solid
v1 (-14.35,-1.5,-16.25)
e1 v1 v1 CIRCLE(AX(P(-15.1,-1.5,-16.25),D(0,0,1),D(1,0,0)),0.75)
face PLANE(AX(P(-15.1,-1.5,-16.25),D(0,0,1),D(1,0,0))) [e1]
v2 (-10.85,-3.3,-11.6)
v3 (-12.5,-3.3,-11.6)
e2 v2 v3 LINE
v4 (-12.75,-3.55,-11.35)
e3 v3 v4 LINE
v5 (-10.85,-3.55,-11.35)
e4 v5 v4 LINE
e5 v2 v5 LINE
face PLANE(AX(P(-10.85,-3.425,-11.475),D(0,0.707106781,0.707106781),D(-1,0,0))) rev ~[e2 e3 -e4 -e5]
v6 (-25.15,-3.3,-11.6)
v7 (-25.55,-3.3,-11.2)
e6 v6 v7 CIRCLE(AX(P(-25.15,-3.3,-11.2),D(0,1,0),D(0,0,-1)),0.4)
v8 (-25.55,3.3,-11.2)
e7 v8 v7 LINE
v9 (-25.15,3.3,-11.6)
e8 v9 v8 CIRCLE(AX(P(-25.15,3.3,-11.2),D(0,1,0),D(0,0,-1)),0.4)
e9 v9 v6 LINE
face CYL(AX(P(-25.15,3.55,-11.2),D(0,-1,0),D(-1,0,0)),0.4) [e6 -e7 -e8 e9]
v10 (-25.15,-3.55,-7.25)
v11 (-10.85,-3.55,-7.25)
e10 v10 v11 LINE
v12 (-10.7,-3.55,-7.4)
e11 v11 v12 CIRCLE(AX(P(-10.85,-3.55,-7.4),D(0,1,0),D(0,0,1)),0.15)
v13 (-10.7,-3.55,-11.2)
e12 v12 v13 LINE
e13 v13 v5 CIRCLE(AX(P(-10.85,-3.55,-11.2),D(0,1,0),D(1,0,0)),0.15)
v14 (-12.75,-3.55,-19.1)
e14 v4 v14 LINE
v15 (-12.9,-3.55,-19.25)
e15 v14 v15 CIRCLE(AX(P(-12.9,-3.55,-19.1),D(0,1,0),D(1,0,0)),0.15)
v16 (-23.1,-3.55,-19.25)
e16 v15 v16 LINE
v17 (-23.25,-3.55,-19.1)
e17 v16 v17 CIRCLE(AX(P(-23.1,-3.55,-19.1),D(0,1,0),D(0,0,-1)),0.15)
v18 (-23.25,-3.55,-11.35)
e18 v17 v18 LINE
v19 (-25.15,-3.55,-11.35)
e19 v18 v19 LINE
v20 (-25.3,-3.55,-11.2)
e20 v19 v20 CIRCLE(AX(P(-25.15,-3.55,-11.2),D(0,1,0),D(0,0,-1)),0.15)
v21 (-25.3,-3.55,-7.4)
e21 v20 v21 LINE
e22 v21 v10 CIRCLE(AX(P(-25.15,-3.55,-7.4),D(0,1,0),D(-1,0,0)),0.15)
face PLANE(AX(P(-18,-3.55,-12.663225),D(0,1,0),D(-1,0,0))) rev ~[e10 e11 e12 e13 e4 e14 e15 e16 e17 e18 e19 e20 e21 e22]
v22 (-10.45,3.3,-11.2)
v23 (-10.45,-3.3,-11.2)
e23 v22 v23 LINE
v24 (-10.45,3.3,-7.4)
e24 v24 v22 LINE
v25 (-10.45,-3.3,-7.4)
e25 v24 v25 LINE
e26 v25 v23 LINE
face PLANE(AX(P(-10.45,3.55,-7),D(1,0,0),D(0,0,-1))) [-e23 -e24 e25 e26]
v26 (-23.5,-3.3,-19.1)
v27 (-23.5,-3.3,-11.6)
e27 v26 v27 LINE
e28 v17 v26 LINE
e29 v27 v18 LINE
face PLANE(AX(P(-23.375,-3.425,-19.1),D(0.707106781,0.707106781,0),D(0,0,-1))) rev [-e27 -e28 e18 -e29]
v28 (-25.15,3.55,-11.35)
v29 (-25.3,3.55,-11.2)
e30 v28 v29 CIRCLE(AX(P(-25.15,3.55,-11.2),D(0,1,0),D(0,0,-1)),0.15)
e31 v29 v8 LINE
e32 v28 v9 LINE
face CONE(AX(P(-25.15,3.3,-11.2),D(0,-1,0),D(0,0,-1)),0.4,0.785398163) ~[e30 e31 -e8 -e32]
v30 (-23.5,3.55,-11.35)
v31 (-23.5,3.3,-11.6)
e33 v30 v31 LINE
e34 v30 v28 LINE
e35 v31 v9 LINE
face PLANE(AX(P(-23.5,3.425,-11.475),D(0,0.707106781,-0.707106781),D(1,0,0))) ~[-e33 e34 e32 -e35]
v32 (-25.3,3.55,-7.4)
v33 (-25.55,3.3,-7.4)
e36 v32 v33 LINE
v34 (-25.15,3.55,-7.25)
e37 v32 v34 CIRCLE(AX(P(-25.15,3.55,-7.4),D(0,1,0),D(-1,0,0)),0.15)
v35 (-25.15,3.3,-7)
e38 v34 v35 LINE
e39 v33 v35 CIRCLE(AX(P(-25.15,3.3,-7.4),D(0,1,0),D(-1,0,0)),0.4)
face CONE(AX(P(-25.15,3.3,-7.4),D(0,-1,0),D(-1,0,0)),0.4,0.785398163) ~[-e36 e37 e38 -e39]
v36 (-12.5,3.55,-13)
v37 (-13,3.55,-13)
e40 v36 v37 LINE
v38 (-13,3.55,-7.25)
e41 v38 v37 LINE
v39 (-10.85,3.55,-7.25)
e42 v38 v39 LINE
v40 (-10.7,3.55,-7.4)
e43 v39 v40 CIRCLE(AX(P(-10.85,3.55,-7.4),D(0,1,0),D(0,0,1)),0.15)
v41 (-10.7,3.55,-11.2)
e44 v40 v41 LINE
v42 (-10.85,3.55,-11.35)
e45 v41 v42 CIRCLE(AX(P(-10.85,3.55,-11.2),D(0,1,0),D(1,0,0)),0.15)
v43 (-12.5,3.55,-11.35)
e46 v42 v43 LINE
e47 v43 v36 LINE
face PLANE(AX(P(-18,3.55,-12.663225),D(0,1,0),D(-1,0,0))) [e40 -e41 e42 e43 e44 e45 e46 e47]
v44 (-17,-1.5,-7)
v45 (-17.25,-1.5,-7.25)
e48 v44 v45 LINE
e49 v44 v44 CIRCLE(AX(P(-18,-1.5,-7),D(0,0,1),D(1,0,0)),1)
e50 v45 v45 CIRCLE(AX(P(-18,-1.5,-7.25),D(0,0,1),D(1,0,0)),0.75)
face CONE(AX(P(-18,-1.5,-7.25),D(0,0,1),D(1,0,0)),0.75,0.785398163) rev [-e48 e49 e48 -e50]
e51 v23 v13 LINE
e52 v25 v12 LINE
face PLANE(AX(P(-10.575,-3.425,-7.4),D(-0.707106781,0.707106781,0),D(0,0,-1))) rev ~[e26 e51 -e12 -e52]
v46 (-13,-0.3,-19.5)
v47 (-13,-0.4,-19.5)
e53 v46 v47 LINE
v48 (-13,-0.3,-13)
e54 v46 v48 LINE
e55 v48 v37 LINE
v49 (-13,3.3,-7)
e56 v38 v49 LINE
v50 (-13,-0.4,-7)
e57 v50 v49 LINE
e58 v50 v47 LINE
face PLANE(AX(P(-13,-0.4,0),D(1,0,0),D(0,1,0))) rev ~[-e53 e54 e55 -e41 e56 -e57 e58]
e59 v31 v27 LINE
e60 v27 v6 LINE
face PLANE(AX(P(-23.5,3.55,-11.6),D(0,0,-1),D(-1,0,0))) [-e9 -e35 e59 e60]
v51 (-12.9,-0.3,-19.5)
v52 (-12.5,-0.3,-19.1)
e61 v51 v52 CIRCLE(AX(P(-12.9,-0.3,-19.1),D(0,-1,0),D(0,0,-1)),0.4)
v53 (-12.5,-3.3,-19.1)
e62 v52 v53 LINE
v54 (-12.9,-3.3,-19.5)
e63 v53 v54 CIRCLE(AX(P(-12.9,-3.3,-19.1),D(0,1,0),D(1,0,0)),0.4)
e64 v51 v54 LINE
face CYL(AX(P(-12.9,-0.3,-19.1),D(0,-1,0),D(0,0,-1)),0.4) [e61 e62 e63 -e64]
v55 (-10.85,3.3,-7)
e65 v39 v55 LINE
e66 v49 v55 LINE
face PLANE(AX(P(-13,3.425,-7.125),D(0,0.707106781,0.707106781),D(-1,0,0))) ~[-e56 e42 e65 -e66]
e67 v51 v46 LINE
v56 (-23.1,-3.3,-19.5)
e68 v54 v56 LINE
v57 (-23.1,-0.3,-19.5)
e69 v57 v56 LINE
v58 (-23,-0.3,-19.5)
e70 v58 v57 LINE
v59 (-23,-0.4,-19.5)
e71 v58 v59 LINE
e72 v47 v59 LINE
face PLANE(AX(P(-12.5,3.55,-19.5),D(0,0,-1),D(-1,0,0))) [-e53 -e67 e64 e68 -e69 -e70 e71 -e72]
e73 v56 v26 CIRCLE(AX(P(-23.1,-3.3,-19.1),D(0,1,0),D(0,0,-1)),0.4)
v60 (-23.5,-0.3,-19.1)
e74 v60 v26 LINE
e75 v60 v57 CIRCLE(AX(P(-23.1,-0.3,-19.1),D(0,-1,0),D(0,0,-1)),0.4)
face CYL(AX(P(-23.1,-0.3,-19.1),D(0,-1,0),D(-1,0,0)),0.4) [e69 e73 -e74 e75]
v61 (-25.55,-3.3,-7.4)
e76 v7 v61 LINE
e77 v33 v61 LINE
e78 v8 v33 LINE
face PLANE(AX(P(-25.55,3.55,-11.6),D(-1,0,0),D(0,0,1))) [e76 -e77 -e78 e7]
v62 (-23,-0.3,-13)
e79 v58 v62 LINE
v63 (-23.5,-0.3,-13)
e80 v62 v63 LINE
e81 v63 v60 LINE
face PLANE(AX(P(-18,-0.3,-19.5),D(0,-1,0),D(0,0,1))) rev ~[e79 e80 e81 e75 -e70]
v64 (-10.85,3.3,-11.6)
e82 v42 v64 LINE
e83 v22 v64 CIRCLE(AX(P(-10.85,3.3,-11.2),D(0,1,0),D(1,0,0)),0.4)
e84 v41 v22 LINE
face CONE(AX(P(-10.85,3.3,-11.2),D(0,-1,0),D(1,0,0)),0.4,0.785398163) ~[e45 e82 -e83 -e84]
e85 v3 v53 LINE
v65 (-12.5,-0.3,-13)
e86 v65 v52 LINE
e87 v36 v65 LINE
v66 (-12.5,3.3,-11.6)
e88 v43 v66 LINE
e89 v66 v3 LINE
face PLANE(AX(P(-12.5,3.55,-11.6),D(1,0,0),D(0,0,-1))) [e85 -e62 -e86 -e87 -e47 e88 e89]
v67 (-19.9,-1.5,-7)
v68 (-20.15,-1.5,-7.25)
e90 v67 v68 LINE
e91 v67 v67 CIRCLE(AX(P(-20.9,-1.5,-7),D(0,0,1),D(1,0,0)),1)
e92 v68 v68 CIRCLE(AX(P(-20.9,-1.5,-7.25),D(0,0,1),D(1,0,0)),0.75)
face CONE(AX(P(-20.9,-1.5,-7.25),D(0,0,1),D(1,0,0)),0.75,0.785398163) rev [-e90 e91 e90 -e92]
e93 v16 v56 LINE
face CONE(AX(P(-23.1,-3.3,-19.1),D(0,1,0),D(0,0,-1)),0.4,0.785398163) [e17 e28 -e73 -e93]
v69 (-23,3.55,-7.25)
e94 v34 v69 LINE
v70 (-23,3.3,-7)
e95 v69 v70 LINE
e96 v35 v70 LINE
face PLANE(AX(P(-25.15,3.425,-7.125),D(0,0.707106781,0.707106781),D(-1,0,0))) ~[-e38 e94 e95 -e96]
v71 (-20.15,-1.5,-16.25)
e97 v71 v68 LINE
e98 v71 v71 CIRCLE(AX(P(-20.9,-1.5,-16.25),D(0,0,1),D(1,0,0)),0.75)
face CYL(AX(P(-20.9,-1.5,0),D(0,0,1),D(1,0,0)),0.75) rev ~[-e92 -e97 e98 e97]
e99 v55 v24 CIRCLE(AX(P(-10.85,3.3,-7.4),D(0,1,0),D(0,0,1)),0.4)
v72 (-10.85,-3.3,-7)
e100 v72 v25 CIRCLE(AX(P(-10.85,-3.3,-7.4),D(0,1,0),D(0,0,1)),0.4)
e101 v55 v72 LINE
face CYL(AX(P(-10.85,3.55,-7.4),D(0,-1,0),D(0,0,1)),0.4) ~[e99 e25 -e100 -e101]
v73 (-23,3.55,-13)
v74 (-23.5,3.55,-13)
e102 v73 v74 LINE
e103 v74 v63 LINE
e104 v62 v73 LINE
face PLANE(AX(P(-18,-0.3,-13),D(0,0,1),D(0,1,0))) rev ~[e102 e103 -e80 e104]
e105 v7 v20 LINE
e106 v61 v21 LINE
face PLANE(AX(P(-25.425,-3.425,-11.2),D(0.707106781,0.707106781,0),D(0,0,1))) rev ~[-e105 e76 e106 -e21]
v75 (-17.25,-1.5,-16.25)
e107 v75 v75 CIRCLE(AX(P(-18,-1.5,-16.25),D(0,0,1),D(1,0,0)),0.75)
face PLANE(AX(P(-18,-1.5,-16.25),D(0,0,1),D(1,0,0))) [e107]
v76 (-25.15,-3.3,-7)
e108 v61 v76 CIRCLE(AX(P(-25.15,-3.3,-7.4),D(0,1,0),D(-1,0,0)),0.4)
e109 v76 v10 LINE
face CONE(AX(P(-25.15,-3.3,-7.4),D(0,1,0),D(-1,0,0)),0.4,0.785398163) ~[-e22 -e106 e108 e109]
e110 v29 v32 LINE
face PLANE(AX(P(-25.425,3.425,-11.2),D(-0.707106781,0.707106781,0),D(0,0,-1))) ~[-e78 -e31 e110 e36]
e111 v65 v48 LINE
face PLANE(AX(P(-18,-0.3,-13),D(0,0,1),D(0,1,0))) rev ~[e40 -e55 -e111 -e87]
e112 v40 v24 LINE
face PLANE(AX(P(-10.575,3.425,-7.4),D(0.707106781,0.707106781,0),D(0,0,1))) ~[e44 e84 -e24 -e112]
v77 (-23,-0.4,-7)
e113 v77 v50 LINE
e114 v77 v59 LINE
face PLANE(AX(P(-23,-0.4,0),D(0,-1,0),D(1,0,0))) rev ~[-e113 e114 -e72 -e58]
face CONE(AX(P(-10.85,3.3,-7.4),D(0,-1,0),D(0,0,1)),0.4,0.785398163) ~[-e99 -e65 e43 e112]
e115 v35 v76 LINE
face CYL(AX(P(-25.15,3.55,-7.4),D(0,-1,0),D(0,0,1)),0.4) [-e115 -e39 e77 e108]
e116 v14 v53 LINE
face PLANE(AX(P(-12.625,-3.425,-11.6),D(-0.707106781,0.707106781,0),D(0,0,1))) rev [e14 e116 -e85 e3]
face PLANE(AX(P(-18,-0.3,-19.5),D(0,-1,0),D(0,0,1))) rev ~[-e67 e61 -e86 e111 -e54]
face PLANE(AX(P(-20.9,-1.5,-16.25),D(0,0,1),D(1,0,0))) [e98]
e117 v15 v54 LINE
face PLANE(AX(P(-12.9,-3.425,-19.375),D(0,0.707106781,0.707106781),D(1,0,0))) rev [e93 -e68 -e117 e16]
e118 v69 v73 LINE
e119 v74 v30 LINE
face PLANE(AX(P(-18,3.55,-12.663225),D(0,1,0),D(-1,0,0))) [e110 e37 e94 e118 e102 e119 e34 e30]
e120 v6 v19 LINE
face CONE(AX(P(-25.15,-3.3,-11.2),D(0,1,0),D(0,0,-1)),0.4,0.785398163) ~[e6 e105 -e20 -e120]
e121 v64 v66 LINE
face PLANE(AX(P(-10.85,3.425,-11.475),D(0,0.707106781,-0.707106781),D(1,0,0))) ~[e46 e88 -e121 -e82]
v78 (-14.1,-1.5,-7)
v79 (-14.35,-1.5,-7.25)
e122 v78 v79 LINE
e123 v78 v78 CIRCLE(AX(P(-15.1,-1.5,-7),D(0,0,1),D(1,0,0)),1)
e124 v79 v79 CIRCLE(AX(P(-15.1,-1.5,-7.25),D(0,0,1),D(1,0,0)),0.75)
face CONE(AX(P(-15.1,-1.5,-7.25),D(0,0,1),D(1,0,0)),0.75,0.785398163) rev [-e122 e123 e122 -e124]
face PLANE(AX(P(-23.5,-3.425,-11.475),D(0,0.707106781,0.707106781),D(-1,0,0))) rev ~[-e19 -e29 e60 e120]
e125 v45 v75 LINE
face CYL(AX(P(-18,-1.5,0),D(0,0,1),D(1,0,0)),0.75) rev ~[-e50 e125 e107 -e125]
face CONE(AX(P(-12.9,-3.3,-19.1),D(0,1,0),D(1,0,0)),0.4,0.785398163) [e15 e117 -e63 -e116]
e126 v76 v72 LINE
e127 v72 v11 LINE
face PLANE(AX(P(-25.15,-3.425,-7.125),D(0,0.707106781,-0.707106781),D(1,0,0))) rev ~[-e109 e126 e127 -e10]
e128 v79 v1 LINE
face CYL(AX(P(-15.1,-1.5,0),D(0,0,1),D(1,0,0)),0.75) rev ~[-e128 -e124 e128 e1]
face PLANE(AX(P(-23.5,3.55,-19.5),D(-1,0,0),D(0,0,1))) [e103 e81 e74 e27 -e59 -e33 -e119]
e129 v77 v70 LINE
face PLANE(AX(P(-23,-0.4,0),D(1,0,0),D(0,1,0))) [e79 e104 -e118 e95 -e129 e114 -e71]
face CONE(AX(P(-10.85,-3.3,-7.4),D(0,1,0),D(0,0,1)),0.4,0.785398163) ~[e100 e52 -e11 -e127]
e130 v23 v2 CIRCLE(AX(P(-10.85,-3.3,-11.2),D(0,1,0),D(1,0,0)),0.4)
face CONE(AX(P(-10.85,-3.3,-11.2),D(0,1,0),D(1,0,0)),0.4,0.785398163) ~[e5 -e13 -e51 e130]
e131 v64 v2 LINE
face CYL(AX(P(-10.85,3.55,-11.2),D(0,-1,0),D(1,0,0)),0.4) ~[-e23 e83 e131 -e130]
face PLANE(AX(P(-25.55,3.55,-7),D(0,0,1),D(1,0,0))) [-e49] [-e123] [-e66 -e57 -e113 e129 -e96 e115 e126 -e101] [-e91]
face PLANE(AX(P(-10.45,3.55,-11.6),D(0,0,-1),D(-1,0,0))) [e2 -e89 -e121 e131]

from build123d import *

# Parameters (mm, degrees)
PAD024_DEPTH         = 7.1
SKETCH051_W          = 7.4
SKETCH051_H          = 6.5
POCKET035_DEPTH      = 7.551
POCKET035_DEPTH_BACK = 7.551
SKETCH052_W          = 10
SKETCH052_H          = 7.5
POCKET036_DEPTH      = 19.501
POCKET036_DEPTH_BACK = 0.001
SKETCH053_R          = 0.75
POCKET037_DEPTH      = 16.25
CHAMFER007_SIZE      = 0.25
FILLET004_R          = 0.4
CHAMFER008_SIZE      = 0.25


with BuildPart() as part:
    # Sketch050 → Pad024 (new body)
    with BuildSketch(Plane.XZ.offset(3.55)):
        Polygon((5.5, -11.6), (5.5, -19.5), (-5.5, -19.5), (-5.5, -11.6), (-7.55, -11.6), (-7.55, -7), (7.55, -7), (7.55, -11.6), align=None)
    extrude(amount=PAD024_DEPTH)

    # Sketch051 → Pocket035 (cut, two sides)
    with BuildSketch(Plane.YZ) as pocket035_sk:
        with Locations((-3.7, -16.25)):
            Rectangle(SKETCH051_W, SKETCH051_H)
    extrude(amount=-POCKET035_DEPTH, mode=Mode.SUBTRACT)
    extrude(pocket035_sk.sketch, amount=POCKET035_DEPTH_BACK, mode=Mode.SUBTRACT)

    # Sketch052 → Pocket036 (cut, two sides)
    with BuildSketch(Plane.XY) as pocket036_sk:
        with Locations((0, -3.75)):
            Rectangle(SKETCH052_W, SKETCH052_H)
    extrude(amount=-POCKET036_DEPTH, mode=Mode.SUBTRACT)
    extrude(pocket036_sk.sketch, amount=POCKET036_DEPTH_BACK, mode=Mode.SUBTRACT)

    # Sketch053 → Pocket037 (cut, symmetric)
    with BuildSketch(Plane.XY):
        with Locations((0, -8.6)):
            Circle(SKETCH053_R)
        with Locations((2.9, -8.6)):
            Circle(SKETCH053_R)
        with Locations((-2.9, -8.6)):
            Circle(SKETCH053_R)
    extrude(amount=POCKET037_DEPTH, both=True, mode=Mode.SUBTRACT)

    # Chamfer007
    chamfer007_edges = [part.edges().sort_by_distance(p)[0] for p in [
        (2.15, -8.6, -7),
        (-0.75, -8.6, -7),
        (-3.65, -8.6, -7),
    ]]
    chamfer(chamfer007_edges, length=CHAMFER007_SIZE)

    # Fillet004
    fillet004_edges = [part.edges().sort_by_distance(p)[0] for p in [
        (-7.55, -7.1, -7),
        (7.55, -7.1, -7),
        (-7.55, -7.1, -11.6),
        (5.5, -9.025, -19.5),
        (-5.5, -9.025, -19.5),
        (7.55, -7.1, -11.6),
    ]]
    fillet(fillet004_edges, radius=FILLET004_R)

    # Chamfer008
    chamfer008_edges = [part.edges().sort_by_distance(p)[0] for p in [
        (0, -10.65, -7),
        (0, -10.65, -19.5),
        (-7.55, -3.55, -9.3),
        (7.55, -3.55, -9.3),
    ]]
    chamfer(chamfer008_edges, length=CHAMFER008_SIZE)


with BuildPart() as part_1:
    # Body011 placement: moved
    add(part.part.moved(Location((-18, 7.1, 0))))


solid = part_1.part
